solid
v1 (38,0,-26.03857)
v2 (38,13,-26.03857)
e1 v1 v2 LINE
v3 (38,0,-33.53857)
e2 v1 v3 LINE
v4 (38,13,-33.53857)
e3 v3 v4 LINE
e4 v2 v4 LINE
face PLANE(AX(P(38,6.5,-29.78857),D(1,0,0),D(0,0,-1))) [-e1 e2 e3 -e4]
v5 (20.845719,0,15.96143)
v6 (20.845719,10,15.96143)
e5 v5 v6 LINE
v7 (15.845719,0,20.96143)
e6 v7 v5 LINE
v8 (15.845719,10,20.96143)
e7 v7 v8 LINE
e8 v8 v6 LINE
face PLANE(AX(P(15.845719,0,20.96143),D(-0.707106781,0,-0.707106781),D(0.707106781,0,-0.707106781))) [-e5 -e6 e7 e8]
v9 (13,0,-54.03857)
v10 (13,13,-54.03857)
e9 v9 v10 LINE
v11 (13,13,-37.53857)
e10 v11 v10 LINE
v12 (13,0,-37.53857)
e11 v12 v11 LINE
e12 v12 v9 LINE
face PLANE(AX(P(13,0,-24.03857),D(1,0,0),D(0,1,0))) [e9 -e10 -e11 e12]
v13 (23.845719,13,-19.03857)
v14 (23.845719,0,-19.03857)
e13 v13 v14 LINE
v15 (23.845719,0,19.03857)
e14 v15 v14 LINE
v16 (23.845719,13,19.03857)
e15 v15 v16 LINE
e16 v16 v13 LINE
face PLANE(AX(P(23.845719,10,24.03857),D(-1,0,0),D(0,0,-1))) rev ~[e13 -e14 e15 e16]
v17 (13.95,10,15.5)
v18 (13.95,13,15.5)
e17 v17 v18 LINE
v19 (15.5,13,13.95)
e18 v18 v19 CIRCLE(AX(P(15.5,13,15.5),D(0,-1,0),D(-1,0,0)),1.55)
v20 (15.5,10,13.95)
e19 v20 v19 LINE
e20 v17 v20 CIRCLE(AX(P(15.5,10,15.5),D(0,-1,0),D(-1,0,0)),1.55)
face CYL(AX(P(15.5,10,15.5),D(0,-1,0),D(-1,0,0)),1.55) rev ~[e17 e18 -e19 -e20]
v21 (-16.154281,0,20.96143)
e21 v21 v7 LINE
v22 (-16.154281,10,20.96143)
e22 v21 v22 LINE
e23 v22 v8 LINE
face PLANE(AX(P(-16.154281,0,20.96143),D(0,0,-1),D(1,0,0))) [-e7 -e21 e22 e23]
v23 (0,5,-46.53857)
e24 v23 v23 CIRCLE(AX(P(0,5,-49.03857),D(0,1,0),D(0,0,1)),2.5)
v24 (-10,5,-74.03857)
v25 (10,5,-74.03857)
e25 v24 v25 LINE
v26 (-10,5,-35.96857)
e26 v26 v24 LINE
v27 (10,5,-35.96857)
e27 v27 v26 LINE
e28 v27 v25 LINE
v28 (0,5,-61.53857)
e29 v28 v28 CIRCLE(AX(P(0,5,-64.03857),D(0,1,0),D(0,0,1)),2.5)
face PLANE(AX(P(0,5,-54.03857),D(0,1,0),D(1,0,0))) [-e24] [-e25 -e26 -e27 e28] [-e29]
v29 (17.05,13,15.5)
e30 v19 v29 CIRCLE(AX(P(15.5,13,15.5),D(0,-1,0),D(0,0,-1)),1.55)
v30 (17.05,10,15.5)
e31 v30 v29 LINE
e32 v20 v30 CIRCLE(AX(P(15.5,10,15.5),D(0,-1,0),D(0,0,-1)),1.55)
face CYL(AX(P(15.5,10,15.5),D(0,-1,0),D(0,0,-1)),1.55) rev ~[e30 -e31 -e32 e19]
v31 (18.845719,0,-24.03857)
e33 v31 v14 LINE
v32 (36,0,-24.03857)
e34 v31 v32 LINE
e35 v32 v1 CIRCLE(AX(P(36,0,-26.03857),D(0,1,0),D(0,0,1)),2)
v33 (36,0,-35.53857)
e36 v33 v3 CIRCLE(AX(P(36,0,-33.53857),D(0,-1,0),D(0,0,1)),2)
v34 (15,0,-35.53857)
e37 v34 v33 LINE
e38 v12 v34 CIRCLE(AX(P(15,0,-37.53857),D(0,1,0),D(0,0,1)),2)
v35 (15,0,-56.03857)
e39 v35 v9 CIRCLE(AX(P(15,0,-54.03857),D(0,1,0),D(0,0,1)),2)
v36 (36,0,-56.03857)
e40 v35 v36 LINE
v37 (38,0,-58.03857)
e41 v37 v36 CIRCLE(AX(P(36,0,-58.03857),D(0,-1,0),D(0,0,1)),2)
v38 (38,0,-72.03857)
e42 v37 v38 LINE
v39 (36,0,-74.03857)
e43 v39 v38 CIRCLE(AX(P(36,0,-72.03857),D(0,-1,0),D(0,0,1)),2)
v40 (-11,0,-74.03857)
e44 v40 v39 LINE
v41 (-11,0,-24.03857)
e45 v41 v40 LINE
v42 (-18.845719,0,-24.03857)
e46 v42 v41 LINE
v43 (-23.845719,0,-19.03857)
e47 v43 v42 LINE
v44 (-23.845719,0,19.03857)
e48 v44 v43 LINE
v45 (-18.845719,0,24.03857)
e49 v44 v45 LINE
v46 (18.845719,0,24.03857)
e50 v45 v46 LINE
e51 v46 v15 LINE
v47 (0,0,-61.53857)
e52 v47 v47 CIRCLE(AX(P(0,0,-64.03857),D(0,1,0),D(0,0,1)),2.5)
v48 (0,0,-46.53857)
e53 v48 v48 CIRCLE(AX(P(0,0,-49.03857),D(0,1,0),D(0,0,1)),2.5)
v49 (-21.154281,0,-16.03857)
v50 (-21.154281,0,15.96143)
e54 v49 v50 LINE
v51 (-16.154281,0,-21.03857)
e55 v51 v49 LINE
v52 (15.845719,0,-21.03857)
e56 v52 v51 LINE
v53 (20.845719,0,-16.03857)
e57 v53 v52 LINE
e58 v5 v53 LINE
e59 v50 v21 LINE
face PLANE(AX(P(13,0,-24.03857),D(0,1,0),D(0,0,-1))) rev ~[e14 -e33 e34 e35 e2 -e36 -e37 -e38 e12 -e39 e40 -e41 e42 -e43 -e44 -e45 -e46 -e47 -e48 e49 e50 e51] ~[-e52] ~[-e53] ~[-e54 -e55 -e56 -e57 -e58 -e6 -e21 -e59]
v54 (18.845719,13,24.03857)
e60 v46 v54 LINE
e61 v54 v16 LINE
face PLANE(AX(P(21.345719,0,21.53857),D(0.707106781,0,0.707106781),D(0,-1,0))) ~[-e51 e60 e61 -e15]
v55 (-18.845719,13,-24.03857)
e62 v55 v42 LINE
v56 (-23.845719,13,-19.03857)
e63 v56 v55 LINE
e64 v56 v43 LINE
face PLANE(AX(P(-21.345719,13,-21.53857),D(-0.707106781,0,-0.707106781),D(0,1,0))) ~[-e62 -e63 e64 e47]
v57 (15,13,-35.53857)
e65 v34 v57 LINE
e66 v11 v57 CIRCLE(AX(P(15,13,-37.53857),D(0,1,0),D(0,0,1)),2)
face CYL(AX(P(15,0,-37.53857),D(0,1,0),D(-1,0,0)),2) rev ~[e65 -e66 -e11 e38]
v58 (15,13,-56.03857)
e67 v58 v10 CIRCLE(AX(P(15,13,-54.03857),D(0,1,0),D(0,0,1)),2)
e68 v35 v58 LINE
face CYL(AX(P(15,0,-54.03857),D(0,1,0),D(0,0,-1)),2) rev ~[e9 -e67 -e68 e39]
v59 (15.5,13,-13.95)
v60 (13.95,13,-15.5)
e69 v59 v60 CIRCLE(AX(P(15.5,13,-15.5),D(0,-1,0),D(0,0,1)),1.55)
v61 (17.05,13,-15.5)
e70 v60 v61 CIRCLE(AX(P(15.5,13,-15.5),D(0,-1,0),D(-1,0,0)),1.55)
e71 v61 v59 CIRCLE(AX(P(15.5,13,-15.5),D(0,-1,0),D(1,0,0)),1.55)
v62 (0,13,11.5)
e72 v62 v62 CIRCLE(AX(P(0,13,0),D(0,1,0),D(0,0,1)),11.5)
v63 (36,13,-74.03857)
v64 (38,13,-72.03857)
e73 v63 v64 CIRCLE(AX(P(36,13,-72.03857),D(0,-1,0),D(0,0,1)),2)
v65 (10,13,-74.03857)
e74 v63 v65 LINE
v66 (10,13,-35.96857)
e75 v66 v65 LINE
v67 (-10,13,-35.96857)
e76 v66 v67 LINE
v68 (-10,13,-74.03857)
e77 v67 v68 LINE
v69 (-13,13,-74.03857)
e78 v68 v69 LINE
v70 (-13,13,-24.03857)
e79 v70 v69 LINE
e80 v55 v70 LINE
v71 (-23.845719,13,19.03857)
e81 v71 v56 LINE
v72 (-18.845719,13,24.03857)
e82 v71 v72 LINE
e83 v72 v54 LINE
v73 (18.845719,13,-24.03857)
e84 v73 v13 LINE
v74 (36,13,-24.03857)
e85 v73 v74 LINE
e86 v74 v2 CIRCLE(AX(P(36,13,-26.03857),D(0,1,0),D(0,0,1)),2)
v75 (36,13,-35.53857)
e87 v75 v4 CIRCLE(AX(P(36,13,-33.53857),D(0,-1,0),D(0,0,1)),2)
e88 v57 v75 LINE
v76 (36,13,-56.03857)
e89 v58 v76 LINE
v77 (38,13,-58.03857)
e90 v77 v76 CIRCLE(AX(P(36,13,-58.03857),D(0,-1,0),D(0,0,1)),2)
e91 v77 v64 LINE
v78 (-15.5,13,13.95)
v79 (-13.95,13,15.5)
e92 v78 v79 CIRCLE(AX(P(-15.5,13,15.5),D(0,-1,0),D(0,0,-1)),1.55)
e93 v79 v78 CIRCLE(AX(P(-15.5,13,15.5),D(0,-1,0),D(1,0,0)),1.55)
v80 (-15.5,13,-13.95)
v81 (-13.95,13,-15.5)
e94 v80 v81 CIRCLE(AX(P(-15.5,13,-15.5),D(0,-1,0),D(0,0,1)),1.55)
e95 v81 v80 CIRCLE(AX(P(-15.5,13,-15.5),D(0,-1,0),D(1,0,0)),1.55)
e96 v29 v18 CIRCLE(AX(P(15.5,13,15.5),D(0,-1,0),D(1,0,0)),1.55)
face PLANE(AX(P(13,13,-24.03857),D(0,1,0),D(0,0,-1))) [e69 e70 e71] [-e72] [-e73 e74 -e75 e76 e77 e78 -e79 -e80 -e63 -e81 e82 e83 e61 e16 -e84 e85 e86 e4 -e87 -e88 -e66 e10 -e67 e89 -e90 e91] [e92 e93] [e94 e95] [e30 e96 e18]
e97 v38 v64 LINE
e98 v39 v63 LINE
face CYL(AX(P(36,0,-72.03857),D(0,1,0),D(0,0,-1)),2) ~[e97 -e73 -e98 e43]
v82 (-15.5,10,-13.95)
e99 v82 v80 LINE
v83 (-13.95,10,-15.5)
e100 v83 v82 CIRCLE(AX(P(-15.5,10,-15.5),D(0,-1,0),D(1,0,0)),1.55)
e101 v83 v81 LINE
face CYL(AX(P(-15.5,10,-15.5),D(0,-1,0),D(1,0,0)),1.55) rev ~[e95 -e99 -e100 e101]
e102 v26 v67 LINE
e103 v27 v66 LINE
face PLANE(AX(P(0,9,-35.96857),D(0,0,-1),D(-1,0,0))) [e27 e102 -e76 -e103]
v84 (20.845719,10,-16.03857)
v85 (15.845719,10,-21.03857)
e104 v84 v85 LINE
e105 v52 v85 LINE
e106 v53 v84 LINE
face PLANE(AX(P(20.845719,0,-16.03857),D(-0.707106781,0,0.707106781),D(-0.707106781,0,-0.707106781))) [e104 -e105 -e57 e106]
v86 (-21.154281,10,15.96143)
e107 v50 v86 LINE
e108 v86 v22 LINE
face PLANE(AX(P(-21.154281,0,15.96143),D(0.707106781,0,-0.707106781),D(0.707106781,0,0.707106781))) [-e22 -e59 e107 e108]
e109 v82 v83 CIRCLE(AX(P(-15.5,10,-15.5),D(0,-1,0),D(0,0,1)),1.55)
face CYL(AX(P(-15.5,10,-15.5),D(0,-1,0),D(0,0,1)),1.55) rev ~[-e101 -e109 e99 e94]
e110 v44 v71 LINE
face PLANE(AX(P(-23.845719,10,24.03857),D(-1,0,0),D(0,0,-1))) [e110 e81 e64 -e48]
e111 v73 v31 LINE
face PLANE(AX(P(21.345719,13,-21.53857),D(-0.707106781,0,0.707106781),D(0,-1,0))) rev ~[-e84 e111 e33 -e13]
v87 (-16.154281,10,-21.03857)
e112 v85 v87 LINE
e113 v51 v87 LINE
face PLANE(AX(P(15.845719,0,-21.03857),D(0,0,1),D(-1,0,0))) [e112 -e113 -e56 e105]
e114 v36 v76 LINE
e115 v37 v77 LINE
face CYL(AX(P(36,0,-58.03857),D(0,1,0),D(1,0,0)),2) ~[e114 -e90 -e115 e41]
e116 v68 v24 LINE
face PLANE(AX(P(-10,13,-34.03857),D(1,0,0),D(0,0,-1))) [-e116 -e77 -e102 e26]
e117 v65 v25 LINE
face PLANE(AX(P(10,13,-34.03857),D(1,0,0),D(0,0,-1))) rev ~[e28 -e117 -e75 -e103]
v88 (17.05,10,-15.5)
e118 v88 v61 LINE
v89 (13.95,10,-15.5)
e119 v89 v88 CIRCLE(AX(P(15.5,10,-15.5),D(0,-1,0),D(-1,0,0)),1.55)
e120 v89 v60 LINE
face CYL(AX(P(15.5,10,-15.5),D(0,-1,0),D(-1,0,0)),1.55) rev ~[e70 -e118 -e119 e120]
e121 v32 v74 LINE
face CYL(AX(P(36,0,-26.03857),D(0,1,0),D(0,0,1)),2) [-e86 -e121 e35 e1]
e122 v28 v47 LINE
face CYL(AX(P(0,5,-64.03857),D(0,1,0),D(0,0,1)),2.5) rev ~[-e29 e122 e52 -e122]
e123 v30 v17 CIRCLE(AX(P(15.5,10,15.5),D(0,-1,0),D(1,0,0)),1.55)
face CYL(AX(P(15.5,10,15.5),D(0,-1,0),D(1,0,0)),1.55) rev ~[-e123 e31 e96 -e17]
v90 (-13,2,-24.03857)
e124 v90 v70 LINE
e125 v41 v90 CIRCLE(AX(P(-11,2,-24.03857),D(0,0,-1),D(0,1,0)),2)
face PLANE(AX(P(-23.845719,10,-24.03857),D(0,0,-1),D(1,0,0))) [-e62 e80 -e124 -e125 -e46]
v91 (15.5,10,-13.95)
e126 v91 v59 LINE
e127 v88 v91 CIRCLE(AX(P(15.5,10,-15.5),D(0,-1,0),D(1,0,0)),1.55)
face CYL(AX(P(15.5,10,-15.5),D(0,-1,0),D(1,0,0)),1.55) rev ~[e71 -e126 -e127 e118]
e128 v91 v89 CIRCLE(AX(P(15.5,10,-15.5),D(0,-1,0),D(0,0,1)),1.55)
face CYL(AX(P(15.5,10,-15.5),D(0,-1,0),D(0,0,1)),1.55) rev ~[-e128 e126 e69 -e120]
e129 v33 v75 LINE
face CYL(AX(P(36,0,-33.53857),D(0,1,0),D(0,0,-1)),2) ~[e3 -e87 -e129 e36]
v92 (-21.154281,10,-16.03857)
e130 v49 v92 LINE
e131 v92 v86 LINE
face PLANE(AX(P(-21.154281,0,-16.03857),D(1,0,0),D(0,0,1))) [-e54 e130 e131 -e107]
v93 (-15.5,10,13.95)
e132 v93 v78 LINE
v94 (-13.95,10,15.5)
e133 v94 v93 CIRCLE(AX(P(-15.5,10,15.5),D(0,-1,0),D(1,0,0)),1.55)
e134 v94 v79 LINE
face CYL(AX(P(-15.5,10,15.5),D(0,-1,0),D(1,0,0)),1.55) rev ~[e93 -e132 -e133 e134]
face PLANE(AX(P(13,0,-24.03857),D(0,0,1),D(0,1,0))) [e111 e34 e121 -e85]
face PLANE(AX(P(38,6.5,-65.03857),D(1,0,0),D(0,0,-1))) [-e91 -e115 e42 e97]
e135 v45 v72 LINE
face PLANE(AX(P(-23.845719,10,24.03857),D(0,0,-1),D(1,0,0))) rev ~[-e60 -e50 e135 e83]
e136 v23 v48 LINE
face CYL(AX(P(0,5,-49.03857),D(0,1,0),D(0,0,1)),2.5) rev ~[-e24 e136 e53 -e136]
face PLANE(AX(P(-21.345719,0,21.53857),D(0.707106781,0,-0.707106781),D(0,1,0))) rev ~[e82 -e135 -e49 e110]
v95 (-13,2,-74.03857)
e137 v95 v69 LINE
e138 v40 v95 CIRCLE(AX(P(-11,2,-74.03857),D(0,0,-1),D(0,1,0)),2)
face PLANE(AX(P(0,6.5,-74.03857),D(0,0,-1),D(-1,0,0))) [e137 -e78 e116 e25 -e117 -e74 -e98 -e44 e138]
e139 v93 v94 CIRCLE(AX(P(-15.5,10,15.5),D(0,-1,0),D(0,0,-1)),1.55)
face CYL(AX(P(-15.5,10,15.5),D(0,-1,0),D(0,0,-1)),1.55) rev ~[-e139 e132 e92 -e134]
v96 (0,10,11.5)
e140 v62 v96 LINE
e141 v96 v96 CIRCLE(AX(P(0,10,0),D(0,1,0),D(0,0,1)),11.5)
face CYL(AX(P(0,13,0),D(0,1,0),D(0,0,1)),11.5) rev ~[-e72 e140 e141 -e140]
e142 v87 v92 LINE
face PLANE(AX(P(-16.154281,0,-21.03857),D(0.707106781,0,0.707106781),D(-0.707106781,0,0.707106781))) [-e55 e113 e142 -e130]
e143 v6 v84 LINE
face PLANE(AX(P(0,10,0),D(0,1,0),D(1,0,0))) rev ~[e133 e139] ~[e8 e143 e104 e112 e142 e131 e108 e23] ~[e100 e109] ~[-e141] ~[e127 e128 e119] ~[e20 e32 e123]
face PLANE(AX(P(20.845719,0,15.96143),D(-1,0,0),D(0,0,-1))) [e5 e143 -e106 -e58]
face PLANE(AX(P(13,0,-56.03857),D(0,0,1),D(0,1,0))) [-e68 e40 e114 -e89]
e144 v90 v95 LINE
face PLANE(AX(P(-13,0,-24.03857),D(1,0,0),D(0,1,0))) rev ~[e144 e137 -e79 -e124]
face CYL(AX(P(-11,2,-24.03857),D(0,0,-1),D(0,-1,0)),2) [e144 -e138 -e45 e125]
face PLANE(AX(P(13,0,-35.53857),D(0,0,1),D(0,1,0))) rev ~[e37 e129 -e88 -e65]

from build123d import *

# Parameters (mm, degrees)
SKETCH_1_W          = 47.691438342
SKETCH_1_H          = 48.077140414
EXTRUDE_2_DEPTH     = 10
SKETCH_4_W          = 47.691438342
SKETCH_4_H          = 48.077140414
EXTRUDE_3_DEPTH     = 3
CUT_EXTRUDE_1_DEPTH = 3
SKETCH_6_R          = 11.5
CUT_EXTRUDE_2_DEPTH = 3
CHAMFER_1_SIZE      = 5
SKETCH_7_W          = 26
SKETCH_7_H          = 13
EXTRUDE_4_DEPTH     = 50
SKETCH_8_W          = 20
SKETCH_8_H          = 40
CUT_EXTRUDE_3_DEPTH = 8
SKETCH_9_W          = 20
SKETCH_9_H          = 8
EXTRUDE_5_DEPTH     = 1.93
SKETCH_10_W         = 11.5
SKETCH_10_H         = 13
SKETCH_10_W_2       = 18
EXTRUDE_6_DEPTH     = 25
FILLET_1_R          = 2
SKETCH_11_R         = 2.5
CUT_EXTRUDE_4_DEPTH = 25


with BuildPart() as part:
    # 草图1 → 凸台-拉伸2 (new body)
    with BuildSketch(Plane(origin=(0, 0, 0), x_dir=(1, 0, 0), z_dir=(0, 1, 0))):
        Rectangle(SKETCH_1_W, SKETCH_1_H)
        Polygon((-21.154280829, -15.961429793), (-16.154280829, -20.961429793), (15.845719171, -20.961429793), (20.845719171, -15.961429793), (20.845719171, 16.038570207), (15.845719171, 21.038570207), (-16.154280829, 21.038570207), (-21.154280829, 16.038570207), align=None, mode=Mode.SUBTRACT)
    extrude(amount=EXTRUDE_2_DEPTH)

    # 草图4 → 凸台-拉伸3 (add)
    with BuildSketch(Plane(origin=(0, 10, 0), x_dir=(1, 0, 0), z_dir=(0, 1, 0))):
        Rectangle(SKETCH_4_W, SKETCH_4_H)
    extrude(amount=EXTRUDE_3_DEPTH)

    # 草图5 → 切除-拉伸1 (cut)
    with BuildSketch(Plane.XZ.offset(-10)):
        with BuildLine():
            ThreePointArc((-13.95, -15.5), (-14.403984489, -14.403984489), (-15.5, -13.95))
            Line((-15.5, -13.95), (-15.5, -15.5))
            Line((-15.5, -15.5), (-13.95, -15.5))
        make_face()
        with BuildLine():
            Line((-15.5, -15.5), (-15.5, -13.95))
            ThreePointArc((-15.5, -13.95), (-16.596015511, -16.596015511), (-13.95, -15.5))
            Line((-13.95, -15.5), (-15.5, -15.5))
        make_face()
        with BuildLine():
            ThreePointArc((17.05, -15.5), (16.596015511, -14.403984489), (15.5, -13.95))
            Line((15.5, -13.95), (15.5, -15.5))
            Line((15.5, -15.5), (13.95, -15.5))
            ThreePointArc((13.95, -15.5), (15.5, -17.05), (17.05, -15.5))
        make_face()
        with BuildLine():
            Line((15.5, -15.5), (15.5, -13.95))
            ThreePointArc((15.5, -13.95), (14.403984489, -14.403984489), (13.95, -15.5))
            Line((13.95, -15.5), (15.5, -15.5))
        make_face()
        with BuildLine():
            ThreePointArc((17.05, 15.5), (15.5, 17.05), (13.95, 15.5))
            Line((13.95, 15.5), (15.5, 15.5))
            Line((15.5, 15.5), (15.5, 13.95))
            ThreePointArc((15.5, 13.95), (16.596015511, 14.403984489), (17.05, 15.5))
        make_face()
        with BuildLine():
            Line((15.5, 15.5), (13.95, 15.5))
            ThreePointArc((13.95, 15.5), (14.403984489, 14.403984489), (15.5, 13.95))
            Line((15.5, 13.95), (15.5, 15.5))
        make_face()
        with BuildLine():
            ThreePointArc((-15.5, 13.95), (-14.403984489, 14.403984489), (-13.95, 15.5))
            Line((-13.95, 15.5), (-15.5, 15.5))
            Line((-15.5, 15.5), (-15.5, 13.95))
        make_face()
        with BuildLine():
            Line((-15.5, 15.5), (-13.95, 15.5))
            ThreePointArc((-13.95, 15.5), (-16.596015511, 16.596015511), (-15.5, 13.95))
            Line((-15.5, 13.95), (-15.5, 15.5))
        make_face()
    extrude(amount=-CUT_EXTRUDE_1_DEPTH, mode=Mode.SUBTRACT)

    # 草图6 → 切除-拉伸2 (cut)
    with BuildSketch(Plane(origin=(0, 13, 0), x_dir=(1, 0, 0), z_dir=(0, 1, 0))):
        with Locations(Location((0, 0, 0), (0, 0, 270))):
            Circle(SKETCH_6_R)
    extrude(amount=-CUT_EXTRUDE_2_DEPTH, mode=Mode.SUBTRACT)

    # 倒角1
    chamfer_1_edges = [part.edges().sort_by_distance(p)[0] for p in [
        (23.845719171, 6.5, -24.038570207),
        (23.845719171, 6.5, 24.038570207),
        (-23.845719171, 6.5, 24.038570207),
        (-23.845719171, 6.5, -24.038570207),
    ]]
    chamfer(chamfer_1_edges, length=CHAMFER_1_SIZE)

    # 草图7 → 凸台-拉伸4 (add)
    with BuildSketch(Plane(origin=(0, 0, -24.038570207), x_dir=(-1, 0, 0), z_dir=(0, 0, -1))):
        with Locations((0, 6.5)):
            Rectangle(SKETCH_7_W, SKETCH_7_H)
    extrude(amount=EXTRUDE_4_DEPTH)

    # 草图8 → 切除-拉伸3 (cut)
    with BuildSketch(Plane(origin=(0, 13, 0), x_dir=(1, 0, 0), z_dir=(0, 1, 0))):
        with Locations((0, 54.038570207)):
            Rectangle(SKETCH_8_W, SKETCH_8_H)
    extrude(amount=-CUT_EXTRUDE_3_DEPTH, mode=Mode.SUBTRACT)

    # 草图9 → 凸台-拉伸5 (add)
    with BuildSketch(Plane(origin=(0, 0, -34.038570207), x_dir=(-1, 0, 0), z_dir=(0, 0, -1))):
        with Locations((0, 9)):
            Rectangle(SKETCH_9_W, SKETCH_9_H)
    extrude(amount=EXTRUDE_5_DEPTH)

    # 草图10 → 凸台-拉伸6 (add)
    with BuildSketch(Plane(origin=(13, 0, 0), x_dir=(0, 0, -1), z_dir=(1, 0, 0))):
        with Locations((29.788570207, 6.5)):
            Rectangle(SKETCH_10_W, SKETCH_10_H)
        with Locations((65.038570207, 6.5)):
            Rectangle(SKETCH_10_W_2, SKETCH_10_H)
    extrude(amount=EXTRUDE_6_DEPTH)

    # 圆角1
    fillet_1_edges = [part.edges().sort_by_distance(p)[0] for p in [
        (-13, 0, -49.038570207),
        (13, 6.5, -35.538570207),
        (38, 6.5, -24.038570207),
        (38, 6.5, -35.538570207),
        (13, 6.5, -56.038570207),
        (38, 6.5, -56.038570207),
        (38, 6.5, -74.038570207),
    ]]
    fillet(fillet_1_edges, radius=FILLET_1_R)

    # 草图11 → 切除-拉伸4 (cut)
    with BuildSketch(Plane(origin=(0, 5, 0), x_dir=(1, 0, 0), z_dir=(0, 1, 0))):
        with Locations(Location((0, 64.038570207, 0), (0, 0, 270))):
            Circle(SKETCH_11_R)
        with Locations(Location((0, 49.038570207, 0), (0, 0, 270))):
            Circle(SKETCH_11_R)
    extrude(amount=-CUT_EXTRUDE_4_DEPTH, mode=Mode.SUBTRACT)


solid = part.part
